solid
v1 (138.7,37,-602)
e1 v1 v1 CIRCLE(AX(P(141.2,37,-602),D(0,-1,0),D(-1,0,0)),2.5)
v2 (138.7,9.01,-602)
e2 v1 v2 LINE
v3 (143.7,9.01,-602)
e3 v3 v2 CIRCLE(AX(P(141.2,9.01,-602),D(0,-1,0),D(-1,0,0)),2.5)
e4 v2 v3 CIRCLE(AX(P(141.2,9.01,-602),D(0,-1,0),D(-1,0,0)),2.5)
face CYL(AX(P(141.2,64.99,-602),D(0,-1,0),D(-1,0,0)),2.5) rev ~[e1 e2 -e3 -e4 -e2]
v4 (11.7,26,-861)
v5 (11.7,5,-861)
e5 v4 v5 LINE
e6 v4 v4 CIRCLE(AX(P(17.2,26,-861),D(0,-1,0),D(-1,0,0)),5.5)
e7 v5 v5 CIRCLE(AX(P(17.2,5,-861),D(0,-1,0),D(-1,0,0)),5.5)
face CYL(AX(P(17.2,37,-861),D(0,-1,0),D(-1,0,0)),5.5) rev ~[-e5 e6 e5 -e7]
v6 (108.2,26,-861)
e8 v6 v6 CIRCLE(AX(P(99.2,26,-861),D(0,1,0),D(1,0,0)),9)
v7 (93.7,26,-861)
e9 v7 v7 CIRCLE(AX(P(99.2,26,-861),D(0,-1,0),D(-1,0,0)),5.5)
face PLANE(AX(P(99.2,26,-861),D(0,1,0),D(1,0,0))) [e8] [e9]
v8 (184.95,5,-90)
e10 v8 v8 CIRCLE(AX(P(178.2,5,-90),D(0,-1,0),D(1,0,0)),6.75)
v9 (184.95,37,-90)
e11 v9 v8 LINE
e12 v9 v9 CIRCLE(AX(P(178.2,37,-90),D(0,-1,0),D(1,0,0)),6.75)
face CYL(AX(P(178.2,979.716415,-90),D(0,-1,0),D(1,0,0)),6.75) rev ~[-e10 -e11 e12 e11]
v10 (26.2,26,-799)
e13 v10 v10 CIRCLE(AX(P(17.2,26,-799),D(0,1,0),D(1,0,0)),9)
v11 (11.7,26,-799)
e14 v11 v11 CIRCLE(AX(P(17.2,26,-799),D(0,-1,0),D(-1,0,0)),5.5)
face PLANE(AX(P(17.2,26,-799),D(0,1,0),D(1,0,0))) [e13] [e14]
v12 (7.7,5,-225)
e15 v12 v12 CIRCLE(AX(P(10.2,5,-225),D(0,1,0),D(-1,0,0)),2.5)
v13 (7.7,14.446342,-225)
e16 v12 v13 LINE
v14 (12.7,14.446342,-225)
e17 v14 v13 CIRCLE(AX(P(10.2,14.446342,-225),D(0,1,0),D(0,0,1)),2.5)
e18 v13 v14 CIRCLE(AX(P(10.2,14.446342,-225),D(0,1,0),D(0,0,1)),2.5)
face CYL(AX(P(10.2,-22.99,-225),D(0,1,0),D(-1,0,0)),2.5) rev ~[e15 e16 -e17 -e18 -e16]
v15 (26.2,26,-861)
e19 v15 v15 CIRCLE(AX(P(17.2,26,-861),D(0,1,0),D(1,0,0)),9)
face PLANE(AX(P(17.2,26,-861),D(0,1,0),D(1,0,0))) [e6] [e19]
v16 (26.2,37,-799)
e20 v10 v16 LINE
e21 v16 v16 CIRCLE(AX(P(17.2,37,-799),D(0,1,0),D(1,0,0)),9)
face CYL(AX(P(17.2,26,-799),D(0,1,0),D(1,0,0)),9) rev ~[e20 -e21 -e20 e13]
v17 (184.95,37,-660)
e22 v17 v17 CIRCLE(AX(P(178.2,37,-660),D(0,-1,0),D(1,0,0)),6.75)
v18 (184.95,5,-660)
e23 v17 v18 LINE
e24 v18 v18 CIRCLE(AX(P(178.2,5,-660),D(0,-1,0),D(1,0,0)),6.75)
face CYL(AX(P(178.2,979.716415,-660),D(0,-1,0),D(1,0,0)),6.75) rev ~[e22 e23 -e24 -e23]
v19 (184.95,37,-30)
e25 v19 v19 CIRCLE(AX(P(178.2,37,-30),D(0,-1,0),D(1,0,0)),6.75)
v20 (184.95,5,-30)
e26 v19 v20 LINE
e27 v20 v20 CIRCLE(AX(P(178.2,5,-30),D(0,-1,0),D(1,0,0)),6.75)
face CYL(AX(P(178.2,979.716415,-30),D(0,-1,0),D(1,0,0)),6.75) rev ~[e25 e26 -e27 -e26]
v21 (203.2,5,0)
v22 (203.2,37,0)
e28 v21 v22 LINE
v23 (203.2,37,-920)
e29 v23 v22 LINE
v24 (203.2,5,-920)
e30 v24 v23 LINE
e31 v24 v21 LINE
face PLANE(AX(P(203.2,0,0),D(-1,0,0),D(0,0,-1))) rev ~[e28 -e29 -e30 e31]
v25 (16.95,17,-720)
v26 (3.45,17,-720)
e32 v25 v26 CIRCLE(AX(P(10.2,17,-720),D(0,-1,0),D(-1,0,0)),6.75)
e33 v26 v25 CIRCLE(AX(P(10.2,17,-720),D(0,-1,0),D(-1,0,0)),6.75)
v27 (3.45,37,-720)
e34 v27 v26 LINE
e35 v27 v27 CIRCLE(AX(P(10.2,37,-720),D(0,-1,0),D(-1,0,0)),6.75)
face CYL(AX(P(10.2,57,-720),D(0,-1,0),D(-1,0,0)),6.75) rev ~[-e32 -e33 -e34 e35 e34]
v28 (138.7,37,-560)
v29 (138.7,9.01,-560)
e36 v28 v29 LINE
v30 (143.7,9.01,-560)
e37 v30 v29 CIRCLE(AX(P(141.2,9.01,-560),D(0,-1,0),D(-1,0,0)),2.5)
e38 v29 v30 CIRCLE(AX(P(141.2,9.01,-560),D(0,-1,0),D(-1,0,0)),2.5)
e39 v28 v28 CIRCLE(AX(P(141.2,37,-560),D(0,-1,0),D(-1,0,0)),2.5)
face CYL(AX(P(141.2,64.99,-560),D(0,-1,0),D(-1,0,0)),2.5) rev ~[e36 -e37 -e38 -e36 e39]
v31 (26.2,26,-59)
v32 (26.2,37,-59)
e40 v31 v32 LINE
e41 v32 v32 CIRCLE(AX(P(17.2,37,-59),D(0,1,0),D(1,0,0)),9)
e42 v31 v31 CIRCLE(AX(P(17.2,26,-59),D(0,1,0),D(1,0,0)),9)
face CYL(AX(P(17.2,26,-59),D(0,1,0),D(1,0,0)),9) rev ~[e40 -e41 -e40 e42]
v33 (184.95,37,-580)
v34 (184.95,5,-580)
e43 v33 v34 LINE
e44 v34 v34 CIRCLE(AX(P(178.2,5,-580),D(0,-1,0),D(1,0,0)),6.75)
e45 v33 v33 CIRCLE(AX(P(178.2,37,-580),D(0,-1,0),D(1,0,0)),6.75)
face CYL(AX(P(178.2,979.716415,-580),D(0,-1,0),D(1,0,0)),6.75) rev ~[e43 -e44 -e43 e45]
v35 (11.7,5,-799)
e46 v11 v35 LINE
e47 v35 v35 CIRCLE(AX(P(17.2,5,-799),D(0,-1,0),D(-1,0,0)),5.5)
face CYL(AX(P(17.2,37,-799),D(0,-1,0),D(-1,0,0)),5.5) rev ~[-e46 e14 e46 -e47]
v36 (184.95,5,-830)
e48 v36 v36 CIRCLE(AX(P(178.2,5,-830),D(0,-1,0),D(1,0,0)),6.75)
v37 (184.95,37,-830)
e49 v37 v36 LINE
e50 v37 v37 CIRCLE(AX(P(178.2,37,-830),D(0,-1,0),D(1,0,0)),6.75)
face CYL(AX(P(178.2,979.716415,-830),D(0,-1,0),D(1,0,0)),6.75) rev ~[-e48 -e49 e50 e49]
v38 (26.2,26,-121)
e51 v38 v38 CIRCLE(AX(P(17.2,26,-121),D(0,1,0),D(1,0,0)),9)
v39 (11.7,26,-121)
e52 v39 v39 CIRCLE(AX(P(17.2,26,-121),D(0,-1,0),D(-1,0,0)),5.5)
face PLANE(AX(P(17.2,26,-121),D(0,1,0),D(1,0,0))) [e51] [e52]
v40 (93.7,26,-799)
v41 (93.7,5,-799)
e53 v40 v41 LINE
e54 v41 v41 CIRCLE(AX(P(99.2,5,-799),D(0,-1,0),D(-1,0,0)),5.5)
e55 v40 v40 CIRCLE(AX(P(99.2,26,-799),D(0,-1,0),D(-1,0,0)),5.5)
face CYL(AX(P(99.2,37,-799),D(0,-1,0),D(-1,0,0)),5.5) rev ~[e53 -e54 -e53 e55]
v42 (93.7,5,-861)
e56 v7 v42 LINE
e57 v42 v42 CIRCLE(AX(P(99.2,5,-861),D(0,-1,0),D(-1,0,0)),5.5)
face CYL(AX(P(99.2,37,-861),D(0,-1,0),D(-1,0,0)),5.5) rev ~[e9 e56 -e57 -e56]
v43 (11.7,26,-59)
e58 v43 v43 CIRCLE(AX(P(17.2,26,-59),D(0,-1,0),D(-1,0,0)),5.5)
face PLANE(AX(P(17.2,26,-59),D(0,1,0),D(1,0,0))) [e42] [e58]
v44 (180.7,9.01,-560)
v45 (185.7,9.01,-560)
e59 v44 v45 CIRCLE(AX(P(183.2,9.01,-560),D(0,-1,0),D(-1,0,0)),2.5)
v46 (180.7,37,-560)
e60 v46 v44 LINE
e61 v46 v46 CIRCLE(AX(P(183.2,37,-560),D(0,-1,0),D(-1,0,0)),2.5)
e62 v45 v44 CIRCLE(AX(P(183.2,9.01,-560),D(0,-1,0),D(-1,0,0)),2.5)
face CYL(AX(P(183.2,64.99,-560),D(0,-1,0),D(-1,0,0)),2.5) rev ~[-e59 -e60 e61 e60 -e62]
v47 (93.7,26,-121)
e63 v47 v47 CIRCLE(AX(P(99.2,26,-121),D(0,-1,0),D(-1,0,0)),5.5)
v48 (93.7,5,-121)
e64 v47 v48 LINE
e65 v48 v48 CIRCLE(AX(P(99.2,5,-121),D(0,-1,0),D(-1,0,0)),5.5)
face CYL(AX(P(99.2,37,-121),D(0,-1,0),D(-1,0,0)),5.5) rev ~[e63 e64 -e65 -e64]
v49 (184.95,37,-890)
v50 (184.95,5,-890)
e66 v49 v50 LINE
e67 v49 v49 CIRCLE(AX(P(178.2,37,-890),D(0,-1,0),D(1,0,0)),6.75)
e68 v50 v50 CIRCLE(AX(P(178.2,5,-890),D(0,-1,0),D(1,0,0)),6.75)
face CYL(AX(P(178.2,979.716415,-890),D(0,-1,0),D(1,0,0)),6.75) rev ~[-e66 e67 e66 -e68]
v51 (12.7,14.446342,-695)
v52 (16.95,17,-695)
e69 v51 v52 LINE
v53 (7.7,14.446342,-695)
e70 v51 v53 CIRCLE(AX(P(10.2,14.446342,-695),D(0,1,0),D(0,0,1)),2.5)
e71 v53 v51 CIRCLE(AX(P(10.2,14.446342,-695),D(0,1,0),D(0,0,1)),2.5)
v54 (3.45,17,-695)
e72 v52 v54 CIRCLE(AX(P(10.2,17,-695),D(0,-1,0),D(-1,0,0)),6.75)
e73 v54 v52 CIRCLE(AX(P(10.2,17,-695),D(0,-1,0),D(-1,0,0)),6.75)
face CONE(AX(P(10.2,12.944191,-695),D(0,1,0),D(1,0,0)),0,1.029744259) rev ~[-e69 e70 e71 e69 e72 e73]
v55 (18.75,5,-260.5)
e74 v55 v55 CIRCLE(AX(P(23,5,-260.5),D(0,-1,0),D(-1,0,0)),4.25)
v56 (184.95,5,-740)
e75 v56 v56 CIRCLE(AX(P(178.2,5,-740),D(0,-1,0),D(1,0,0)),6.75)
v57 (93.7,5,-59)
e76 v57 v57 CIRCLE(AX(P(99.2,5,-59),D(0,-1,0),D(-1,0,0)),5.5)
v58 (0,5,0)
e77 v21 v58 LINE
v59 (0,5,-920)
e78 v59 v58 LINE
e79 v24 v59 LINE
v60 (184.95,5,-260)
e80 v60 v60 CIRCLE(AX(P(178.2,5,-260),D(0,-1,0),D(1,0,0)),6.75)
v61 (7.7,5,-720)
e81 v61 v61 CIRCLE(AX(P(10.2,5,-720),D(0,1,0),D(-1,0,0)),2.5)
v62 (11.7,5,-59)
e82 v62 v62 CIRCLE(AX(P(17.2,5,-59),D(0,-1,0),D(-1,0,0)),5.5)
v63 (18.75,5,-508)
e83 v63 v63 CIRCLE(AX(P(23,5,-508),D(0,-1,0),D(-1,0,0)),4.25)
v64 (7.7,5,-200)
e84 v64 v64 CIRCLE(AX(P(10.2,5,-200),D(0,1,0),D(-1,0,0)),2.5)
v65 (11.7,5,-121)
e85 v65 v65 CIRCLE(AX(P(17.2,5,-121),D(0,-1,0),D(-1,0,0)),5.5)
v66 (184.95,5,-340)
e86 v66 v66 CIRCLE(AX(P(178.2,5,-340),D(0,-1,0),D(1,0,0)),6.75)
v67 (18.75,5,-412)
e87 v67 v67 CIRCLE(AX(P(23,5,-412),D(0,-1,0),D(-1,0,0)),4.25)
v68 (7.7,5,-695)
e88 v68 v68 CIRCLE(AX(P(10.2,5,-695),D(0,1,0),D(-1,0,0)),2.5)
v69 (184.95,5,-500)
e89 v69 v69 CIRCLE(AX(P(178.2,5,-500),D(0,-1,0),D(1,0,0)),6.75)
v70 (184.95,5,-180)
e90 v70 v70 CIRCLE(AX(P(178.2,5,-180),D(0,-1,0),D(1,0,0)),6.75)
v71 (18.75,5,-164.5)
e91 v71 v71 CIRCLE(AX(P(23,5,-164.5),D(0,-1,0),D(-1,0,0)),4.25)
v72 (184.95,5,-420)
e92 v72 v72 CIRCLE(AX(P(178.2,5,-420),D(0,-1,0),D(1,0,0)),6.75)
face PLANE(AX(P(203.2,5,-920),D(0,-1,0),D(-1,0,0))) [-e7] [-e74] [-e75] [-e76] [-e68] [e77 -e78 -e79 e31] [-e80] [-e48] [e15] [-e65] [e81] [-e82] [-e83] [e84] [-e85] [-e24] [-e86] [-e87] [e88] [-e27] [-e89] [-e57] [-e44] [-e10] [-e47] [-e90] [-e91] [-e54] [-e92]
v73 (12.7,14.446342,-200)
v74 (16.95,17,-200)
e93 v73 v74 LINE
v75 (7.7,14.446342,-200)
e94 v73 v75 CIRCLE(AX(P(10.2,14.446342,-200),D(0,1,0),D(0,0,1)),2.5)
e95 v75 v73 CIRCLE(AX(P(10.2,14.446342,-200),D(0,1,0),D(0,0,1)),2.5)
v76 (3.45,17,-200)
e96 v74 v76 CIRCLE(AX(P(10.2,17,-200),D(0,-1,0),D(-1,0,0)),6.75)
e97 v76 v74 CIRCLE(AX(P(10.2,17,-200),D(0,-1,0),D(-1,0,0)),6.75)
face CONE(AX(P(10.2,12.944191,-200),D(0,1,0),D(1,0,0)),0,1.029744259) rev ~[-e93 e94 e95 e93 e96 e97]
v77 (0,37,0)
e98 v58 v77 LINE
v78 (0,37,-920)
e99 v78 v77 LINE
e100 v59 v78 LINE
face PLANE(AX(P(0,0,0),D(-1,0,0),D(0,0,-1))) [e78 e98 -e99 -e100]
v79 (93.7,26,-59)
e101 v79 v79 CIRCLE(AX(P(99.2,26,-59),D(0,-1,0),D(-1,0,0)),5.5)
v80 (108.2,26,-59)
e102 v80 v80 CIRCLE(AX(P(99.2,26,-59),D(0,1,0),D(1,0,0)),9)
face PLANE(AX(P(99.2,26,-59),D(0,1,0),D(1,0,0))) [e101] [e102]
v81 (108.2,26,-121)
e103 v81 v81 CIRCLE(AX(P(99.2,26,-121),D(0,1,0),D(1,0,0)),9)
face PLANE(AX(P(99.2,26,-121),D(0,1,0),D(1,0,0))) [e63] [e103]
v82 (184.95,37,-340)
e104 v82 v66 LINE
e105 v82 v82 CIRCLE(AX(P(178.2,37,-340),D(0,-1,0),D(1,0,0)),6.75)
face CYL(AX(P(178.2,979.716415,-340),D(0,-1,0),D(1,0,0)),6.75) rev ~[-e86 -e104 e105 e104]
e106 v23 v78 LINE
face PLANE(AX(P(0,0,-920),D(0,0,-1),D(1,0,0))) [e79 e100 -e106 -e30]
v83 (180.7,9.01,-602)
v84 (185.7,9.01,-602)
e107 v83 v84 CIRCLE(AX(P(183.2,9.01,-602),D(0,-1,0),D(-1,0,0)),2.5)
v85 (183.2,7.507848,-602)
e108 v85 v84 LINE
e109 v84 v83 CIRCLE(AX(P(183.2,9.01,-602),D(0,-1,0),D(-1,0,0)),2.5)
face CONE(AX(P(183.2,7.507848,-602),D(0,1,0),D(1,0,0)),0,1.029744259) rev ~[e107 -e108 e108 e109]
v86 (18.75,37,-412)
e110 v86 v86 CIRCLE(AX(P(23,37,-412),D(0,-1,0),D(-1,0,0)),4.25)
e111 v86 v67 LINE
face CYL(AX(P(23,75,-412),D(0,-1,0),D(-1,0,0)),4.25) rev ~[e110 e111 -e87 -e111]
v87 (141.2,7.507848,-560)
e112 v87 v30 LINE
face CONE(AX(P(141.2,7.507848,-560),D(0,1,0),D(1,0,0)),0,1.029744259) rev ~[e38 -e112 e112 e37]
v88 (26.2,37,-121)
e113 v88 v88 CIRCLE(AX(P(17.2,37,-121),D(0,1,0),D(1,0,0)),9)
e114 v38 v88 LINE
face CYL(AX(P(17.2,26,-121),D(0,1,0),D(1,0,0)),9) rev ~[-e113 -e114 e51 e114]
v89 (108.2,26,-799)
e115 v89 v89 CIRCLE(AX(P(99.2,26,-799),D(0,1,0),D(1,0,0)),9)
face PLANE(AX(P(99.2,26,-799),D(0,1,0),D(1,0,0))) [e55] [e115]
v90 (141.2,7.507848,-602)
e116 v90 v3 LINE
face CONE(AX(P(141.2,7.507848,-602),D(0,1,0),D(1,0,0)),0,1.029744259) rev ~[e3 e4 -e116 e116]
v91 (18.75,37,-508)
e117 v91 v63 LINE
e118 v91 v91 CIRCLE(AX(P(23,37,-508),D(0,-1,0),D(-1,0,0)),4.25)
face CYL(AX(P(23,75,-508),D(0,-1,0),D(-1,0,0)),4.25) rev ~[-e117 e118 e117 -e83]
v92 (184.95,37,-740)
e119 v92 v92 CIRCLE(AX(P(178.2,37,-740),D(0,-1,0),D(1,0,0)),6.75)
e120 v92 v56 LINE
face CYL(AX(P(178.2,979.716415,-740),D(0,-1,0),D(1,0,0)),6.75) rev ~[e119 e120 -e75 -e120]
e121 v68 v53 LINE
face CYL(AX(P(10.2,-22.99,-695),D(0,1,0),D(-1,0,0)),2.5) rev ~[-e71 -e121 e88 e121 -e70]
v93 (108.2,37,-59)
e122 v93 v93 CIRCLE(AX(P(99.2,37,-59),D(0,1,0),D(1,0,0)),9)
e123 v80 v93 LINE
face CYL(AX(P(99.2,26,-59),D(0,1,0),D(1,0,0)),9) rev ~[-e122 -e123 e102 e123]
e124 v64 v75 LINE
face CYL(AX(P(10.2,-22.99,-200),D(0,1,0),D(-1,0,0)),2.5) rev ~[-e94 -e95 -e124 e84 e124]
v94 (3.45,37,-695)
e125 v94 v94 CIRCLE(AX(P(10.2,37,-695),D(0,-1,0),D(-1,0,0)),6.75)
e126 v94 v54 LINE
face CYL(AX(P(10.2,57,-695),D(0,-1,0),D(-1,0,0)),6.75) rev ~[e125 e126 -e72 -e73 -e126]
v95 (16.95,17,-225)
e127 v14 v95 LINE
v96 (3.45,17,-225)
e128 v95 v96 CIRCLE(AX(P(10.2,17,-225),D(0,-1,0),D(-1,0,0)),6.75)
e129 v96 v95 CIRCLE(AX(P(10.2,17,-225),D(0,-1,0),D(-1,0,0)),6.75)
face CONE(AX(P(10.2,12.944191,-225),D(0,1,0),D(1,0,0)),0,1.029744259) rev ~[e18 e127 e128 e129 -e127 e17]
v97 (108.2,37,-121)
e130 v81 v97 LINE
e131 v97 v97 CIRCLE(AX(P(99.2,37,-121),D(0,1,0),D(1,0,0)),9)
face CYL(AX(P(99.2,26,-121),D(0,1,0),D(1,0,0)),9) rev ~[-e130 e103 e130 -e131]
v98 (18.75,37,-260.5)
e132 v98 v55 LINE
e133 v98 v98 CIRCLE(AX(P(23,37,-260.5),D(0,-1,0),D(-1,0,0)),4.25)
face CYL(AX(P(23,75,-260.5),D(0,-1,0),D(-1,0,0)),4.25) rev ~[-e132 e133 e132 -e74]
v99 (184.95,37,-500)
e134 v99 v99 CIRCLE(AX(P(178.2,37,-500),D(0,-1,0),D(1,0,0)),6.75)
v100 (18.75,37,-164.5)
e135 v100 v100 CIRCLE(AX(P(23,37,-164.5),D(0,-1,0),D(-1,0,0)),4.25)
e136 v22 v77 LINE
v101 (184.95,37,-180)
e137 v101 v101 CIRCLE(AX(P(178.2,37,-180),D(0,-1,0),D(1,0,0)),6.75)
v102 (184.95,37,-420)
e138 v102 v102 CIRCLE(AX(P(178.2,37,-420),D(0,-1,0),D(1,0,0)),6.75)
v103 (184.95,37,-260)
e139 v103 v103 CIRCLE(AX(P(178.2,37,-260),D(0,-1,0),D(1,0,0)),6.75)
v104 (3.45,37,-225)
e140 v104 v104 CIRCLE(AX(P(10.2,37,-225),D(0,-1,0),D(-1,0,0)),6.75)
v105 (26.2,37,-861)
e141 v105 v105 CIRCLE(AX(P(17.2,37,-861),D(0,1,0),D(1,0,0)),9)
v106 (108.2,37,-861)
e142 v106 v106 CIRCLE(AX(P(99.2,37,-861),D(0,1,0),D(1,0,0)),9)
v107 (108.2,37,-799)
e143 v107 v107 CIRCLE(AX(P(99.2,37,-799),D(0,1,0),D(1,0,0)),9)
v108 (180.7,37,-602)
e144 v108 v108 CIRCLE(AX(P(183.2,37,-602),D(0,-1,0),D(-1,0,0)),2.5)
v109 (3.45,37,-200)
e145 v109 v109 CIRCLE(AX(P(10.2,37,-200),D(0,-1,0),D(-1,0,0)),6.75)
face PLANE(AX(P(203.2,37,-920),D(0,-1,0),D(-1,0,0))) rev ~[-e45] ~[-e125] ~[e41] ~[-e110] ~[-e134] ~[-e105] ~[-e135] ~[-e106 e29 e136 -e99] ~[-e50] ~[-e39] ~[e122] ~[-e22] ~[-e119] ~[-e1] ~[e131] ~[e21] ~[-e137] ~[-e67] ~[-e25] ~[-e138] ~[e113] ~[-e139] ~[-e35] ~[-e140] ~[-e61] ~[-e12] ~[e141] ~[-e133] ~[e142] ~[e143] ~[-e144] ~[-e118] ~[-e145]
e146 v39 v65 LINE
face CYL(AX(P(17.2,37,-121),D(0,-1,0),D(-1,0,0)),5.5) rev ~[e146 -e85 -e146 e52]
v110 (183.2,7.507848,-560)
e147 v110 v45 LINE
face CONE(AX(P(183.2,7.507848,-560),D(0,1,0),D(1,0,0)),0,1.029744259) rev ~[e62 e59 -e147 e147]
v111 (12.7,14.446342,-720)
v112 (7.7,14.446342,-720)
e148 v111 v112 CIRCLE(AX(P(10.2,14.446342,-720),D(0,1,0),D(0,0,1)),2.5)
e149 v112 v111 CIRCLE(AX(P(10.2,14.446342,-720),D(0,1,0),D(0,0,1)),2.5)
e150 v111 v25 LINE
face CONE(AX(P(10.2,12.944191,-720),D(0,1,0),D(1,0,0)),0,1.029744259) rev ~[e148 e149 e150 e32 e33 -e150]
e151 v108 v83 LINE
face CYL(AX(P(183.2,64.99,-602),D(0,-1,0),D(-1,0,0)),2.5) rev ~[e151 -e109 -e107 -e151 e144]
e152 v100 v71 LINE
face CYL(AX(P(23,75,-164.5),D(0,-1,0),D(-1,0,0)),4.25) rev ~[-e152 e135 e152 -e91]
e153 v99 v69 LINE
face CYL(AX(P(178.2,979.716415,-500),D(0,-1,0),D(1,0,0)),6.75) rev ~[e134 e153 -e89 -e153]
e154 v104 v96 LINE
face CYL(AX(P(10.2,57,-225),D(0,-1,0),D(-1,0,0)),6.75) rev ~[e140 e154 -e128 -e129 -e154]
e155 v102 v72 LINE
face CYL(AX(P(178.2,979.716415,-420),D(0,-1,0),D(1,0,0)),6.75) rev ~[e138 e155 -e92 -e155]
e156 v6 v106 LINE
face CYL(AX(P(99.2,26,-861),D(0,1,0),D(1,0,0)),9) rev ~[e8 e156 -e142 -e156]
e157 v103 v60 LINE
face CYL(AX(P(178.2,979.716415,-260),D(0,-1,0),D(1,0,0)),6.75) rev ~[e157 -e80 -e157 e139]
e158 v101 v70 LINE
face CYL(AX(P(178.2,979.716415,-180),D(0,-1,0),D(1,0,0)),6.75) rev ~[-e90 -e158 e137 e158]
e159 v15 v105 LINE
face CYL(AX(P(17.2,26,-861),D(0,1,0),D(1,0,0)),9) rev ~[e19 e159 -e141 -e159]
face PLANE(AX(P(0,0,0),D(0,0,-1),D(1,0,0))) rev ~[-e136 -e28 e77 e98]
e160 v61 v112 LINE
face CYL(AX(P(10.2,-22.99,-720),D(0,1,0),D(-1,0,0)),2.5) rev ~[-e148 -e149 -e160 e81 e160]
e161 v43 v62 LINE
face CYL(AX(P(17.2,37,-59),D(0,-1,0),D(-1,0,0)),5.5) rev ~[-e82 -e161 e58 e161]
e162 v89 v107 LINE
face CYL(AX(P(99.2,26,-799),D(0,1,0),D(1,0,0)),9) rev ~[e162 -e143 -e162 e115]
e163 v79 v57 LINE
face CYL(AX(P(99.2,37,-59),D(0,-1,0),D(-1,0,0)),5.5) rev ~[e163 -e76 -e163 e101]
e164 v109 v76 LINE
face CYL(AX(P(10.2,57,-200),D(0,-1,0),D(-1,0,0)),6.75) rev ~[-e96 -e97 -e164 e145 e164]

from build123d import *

# Parameters (mm, degrees)
SKETCH1_W                                            = 203.2
SKETCH1_H                                            = 920
BOSS_EXTRUDE1_DEPTH                                  = 50.8
SKETCH2_W                                            = 203.2
SKETCH2_H                                            = 5
CUT_EXTRUDE1_DEPTH                                   = 944.541668396
SKETCH6_W                                            = 256
SKETCH6_H                                            = 13.8
CUT_EXTRUDE3_DEPTH                                   = 944.541668396
M12_CLEARANCE_HOLE1_D                                = 13.5
CBORE_FOR_M10_HEX_SOCKET_HEAD_CAP_SCREW1_D           = 11
CBORE_FOR_M10_HEX_SOCKET_HEAD_CAP_SCREW1_CBORE_D     = 18
CBORE_FOR_M10_HEX_SOCKET_HEAD_CAP_SCREW1_CBORE_DEPTH = 11
M6_TAPPED_HOLE1_D                                    = 5
M6_TAPPED_HOLE1_DEPTH                                = 27.99
M6_TAPPED_HOLE1_TIP                                  = 1.502151548
M6_TAPPED_HOLE2_D                                    = 5
M6_TAPPED_HOLE2_DEPTH                                = 27.99
M6_TAPPED_HOLE2_TIP                                  = 1.502151548
F_13_5_13_5_DIAMETER_HOLE1_D                         = 13.5
F_13_5_13_5_DIAMETER_HOLE1_DEPTH                     = 20
F_13_5_13_5_DIAMETER_HOLE1_TIP                       = 4.055809178
M10_TAPPED_HOLE1_D                                   = 8.5
M10_TAPPED_HOLE1_DEPTH                               = 38
M10_TAPPED_HOLE1_TIP                                 = 2.553657631


with BuildPart() as part:
    # Sketch1 → Boss-Extrude1 (new body)
    with BuildSketch(Plane(origin=(0, 0, 0), x_dir=(1, 0, 0), z_dir=(0, 1, 0))):
        with Locations((101.6, 460)):
            Rectangle(SKETCH1_W, SKETCH1_H)
    extrude(amount=BOSS_EXTRUDE1_DEPTH)

    # Sketch2 → Cut-Extrude1 (cut, through all)
    with BuildSketch(Plane(origin=(0, 0, -920), x_dir=(-1, 0, 0), z_dir=(0, 0, -1))):
        with Locations((-101.6, 2.5)):
            Rectangle(SKETCH2_W, SKETCH2_H)
    extrude(amount=-CUT_EXTRUDE1_DEPTH, mode=Mode.SUBTRACT)

    # Sketch6 → Cut-Extrude3 (cut, through all)
    with BuildSketch(Plane(origin=(0, 0, -920), x_dir=(-1, 0, 0), z_dir=(0, 0, -1))):
        with Locations((-75.2, 43.9)):
            Rectangle(SKETCH6_W, SKETCH6_H)
    extrude(amount=-CUT_EXTRUDE3_DEPTH, mode=Mode.SUBTRACT)

    # M12 Clearance Hole1 (through all)
    with Locations(Plane(origin=(7.928034887, 37, -192.870856327), x_dir=(-1, 0, 0), z_dir=(0, 1, 0))):
        with Locations((-170.271965113, 162.870856327), (-170.271965113, -697.129143673), (-170.271965113, -637.129143673), (-170.271965113, -547.129143673), (-170.271965113, -467.129143673), (-170.271965113, -307.129143673), (-170.271965113, -147.129143673), (-170.271965113, -67.129143673), (-170.271965113, 102.870856327), (-170.271965113, -387.129143673), (-170.271965113, -227.129143673), (-170.271965113, 12.870856327)):
            Hole(M12_CLEARANCE_HOLE1_D / 2)

    # CBORE for M10 Hex Socket Head Cap Screw1 (through all)
    with Locations(Plane(origin=(-145.411860995, 37, -401.636592577), x_dir=(1, 0, 0), z_dir=(0, 1, 0))):
        with Locations((162.611860995, -280.636592577), (244.611860995, -342.636592577), (162.611860995, -342.636592577), (244.611860995, -280.636592577), (162.611860995, 459.363407423), (244.611860995, 397.363407423), (162.611860995, 397.363407423), (244.611860995, 459.363407423)):
            CounterBoreHole(CBORE_FOR_M10_HEX_SOCKET_HEAD_CAP_SCREW1_D / 2, CBORE_FOR_M10_HEX_SOCKET_HEAD_CAP_SCREW1_CBORE_D / 2, CBORE_FOR_M10_HEX_SOCKET_HEAD_CAP_SCREW1_CBORE_DEPTH)

    # M6 Tapped Hole1
    with Locations(Plane.XZ.offset(-5)):
        with Locations((10.2, -720), (10.2, -695), (10.2, -200), (10.2, -225)):
            Hole(M6_TAPPED_HOLE1_D / 2, depth=M6_TAPPED_HOLE1_DEPTH)
            with Locations((0, 0, -(M6_TAPPED_HOLE1_DEPTH + M6_TAPPED_HOLE1_TIP / 2))):  # 118° drill point
                Cone(0, M6_TAPPED_HOLE1_D / 2, M6_TAPPED_HOLE1_TIP, mode=Mode.SUBTRACT)

    # M6 Tapped Hole2
    with Locations(Plane(origin=(0, 37, 0), x_dir=(1, 0, 0), z_dir=(0, 1, 0))):
        with Locations((141.2, 560), (183.2, 602), (141.2, 602), (183.2, 560)):
            Hole(M6_TAPPED_HOLE2_D / 2, depth=M6_TAPPED_HOLE2_DEPTH)
            with Locations((0, 0, -(M6_TAPPED_HOLE2_DEPTH + M6_TAPPED_HOLE2_TIP / 2))):  # 118° drill point
                Cone(0, M6_TAPPED_HOLE2_D / 2, M6_TAPPED_HOLE2_TIP, mode=Mode.SUBTRACT)

    # Ø13.5 (13.5) Diameter Hole1
    with Locations(Plane(origin=(0, 37, 0), x_dir=(1, 0, 0), z_dir=(0, 1, 0))):
        with Locations((10.2, 720), (10.2, 695), (10.2, 225), (10.2, 200)):
            Hole(F_13_5_13_5_DIAMETER_HOLE1_D / 2, depth=F_13_5_13_5_DIAMETER_HOLE1_DEPTH)
            with Locations((0, 0, -(F_13_5_13_5_DIAMETER_HOLE1_DEPTH + F_13_5_13_5_DIAMETER_HOLE1_TIP / 2))):  # 118° drill point
                Cone(0, F_13_5_13_5_DIAMETER_HOLE1_D / 2, F_13_5_13_5_DIAMETER_HOLE1_TIP, mode=Mode.SUBTRACT)

    # M10 Tapped Hole1
    with Locations(Plane(origin=(0, 37, 0), x_dir=(1, 0, 0), z_dir=(0, 1, 0))):
        with Locations((23, 164.5), (23, 260.5), (23, 508), (23, 412)):
            Hole(M10_TAPPED_HOLE1_D / 2, depth=M10_TAPPED_HOLE1_DEPTH)
            with Locations((0, 0, -(M10_TAPPED_HOLE1_DEPTH + M10_TAPPED_HOLE1_TIP / 2))):  # 118° drill point
                Cone(0, M10_TAPPED_HOLE1_D / 2, M10_TAPPED_HOLE1_TIP, mode=Mode.SUBTRACT)


solid = part.part
